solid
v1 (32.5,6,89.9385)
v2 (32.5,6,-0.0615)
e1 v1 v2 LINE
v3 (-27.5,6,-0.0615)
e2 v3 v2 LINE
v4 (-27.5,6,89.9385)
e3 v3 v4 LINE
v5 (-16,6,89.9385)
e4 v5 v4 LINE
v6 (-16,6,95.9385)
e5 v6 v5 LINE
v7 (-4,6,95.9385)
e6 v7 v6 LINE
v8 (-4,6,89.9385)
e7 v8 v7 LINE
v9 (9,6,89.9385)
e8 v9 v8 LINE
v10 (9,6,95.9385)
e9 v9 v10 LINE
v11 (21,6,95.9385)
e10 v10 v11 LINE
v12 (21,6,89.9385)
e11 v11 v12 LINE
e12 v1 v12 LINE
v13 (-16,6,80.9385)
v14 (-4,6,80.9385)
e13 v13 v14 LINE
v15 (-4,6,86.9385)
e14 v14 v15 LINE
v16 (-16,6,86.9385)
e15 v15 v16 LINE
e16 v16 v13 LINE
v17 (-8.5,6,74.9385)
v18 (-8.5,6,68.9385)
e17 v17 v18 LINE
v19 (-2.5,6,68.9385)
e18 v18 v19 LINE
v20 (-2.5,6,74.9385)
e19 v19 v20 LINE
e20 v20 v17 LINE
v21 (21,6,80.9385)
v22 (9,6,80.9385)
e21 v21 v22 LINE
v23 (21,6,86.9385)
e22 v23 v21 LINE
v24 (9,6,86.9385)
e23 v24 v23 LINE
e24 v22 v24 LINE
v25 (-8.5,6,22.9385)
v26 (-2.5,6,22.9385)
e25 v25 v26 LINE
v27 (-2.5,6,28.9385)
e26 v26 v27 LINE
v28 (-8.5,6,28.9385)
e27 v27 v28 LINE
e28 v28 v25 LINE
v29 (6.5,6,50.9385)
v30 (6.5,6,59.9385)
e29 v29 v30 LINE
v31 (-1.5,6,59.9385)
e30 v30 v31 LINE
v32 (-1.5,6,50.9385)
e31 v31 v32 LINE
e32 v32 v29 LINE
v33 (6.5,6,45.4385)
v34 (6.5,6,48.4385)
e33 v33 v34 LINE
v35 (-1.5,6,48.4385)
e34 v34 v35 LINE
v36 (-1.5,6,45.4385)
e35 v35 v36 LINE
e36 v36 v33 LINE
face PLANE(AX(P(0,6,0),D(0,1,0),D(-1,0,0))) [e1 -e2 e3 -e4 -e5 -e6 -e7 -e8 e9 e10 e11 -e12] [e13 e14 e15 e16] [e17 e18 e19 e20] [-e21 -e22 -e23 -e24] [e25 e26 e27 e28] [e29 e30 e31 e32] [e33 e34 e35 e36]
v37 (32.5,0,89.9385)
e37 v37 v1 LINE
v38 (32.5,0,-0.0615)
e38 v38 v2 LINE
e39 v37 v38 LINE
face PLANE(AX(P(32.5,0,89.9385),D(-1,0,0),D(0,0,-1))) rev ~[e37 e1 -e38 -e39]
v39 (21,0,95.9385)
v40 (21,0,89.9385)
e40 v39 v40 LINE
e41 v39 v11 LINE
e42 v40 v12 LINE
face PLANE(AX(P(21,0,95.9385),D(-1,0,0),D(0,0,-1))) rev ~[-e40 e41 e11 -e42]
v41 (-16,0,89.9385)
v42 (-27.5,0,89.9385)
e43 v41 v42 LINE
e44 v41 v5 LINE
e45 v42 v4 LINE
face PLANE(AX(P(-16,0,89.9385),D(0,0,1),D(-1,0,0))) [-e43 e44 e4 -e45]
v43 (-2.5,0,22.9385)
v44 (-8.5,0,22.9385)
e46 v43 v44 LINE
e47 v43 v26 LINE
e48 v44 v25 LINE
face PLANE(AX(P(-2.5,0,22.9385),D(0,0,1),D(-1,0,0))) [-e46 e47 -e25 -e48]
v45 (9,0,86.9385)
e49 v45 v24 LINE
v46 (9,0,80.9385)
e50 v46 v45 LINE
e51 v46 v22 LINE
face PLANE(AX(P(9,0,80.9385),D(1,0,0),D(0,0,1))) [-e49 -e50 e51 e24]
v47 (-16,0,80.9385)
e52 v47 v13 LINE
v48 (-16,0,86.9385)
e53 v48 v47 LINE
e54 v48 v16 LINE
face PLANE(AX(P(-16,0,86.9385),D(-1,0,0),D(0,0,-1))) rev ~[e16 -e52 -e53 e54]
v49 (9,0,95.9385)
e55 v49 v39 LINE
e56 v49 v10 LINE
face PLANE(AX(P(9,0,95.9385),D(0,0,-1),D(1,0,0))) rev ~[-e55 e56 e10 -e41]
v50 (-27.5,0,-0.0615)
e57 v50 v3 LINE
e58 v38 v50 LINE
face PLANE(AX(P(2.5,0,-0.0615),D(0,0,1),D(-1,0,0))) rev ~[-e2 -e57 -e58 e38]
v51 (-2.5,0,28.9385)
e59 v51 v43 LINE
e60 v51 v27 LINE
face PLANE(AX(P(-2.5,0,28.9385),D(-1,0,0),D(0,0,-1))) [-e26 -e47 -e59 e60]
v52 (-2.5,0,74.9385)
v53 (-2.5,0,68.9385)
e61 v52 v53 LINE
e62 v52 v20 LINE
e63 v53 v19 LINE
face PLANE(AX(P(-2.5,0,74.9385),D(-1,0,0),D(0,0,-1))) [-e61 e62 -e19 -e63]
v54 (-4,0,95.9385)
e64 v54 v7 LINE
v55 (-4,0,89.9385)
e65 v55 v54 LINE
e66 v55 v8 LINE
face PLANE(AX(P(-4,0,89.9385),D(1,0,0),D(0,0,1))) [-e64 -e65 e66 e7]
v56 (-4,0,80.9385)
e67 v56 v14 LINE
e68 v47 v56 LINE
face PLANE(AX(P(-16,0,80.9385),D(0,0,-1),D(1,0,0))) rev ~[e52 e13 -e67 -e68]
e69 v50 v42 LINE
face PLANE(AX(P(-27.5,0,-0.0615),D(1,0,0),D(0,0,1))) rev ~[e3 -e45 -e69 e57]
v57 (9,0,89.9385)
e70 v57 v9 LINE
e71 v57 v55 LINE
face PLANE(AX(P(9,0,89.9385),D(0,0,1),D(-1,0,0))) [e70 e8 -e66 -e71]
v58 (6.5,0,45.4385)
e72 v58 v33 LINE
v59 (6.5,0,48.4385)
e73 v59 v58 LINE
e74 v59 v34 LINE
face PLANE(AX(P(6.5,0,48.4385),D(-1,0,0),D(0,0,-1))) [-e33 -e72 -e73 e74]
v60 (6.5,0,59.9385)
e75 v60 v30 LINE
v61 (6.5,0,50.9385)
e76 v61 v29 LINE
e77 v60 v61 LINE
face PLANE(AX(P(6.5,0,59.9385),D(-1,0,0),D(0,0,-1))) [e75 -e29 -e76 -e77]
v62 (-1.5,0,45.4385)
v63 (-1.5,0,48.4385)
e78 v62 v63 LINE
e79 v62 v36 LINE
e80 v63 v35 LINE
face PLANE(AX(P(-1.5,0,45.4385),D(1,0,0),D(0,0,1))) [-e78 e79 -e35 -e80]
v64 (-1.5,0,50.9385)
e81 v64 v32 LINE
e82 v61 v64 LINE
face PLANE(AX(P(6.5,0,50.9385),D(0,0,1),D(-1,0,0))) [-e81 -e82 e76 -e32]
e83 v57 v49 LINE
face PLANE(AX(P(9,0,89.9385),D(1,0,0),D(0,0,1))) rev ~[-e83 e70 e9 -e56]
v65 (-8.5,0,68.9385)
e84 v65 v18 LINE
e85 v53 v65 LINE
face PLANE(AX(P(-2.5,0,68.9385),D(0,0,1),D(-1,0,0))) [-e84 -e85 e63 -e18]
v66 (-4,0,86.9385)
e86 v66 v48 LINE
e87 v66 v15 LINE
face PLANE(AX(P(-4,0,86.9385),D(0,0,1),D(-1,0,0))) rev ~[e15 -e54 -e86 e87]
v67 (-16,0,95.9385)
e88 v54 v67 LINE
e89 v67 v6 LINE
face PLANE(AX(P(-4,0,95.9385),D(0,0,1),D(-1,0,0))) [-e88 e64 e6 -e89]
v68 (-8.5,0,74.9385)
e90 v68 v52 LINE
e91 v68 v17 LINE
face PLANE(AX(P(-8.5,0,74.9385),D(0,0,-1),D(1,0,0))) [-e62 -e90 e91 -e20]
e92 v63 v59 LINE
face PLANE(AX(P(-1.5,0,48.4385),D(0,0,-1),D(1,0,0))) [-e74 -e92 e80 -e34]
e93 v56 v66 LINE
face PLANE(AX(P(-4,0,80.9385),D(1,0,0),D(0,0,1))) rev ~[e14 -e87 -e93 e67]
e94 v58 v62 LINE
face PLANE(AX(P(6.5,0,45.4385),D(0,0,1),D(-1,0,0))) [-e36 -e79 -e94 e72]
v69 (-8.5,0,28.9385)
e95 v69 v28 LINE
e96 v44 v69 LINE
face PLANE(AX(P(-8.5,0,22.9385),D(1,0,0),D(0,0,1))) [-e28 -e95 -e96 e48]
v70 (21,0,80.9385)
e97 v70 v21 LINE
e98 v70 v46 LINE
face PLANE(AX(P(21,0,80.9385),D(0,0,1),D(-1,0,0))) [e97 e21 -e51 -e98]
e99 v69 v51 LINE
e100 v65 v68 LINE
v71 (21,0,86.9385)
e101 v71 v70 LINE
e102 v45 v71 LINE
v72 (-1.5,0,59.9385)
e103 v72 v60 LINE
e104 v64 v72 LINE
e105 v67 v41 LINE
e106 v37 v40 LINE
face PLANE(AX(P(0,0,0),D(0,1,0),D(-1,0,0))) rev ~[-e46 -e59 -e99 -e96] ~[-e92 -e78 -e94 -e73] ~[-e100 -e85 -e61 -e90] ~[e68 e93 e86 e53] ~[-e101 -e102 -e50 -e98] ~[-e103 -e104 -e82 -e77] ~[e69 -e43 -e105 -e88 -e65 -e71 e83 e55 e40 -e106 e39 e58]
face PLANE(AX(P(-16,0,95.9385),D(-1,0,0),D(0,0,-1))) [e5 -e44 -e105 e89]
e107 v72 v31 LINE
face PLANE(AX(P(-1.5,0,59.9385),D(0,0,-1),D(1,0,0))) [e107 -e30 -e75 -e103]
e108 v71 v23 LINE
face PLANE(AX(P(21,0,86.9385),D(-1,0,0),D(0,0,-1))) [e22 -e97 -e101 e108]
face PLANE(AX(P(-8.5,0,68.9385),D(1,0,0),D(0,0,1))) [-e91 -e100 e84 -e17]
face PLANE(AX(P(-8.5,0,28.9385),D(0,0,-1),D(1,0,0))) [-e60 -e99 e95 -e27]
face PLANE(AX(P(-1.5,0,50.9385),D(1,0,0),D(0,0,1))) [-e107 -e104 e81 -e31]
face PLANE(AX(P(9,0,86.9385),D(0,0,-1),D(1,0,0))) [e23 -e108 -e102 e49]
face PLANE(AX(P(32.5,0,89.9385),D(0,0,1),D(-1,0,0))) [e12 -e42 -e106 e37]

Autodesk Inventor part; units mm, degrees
ref_plane "YZ Plane" through (0, 0, 0) normal (1, 0, 0) x (0, 1, 0)
ref_plane "XZ Plane" through (0, 0, 0) normal (0, 1, 0) x (-1, 0, 0)
ref_plane "XY Plane" through (0, 0, 0) normal (0, 0, 1) x (1, 0, 0)
sketch "Sketch1" plane through (0, 0, 0) normal (0, 1, 0) x (-1, 0, 0)
  line L0 (27.5, -0.0615) -> (27.5, 89.9385)
  line L1 (-32.5, 89.9385) -> (-32.5, -0.0615)
  line L2 (-32.5, -0.0615) -> (-2.5, -0.0615)
  line L3 (-2.5, -0.0615) -> (-2.5, 89.9385) construction
  line L4 (-32.5, 44.9385) -> (-2.5, 44.9385) construction
  line L5 (-32.5, 89.9385) -> (27.5, 89.9385)
  line L6 (-21, 89.9385) -> (-9, 89.9385)
  line L7 (-9, 89.9385) -> (-9, 95.9385)
  line L8 (-9, 95.9385) -> (-21, 95.9385)
  line L9 (-21, 95.9385) -> (-21, 89.9385)
  line L10 (16, 89.9385) -> (4, 89.9385)
  line L11 (4, 89.9385) -> (4, 95.9385)
  line L12 (4, 95.9385) -> (16, 95.9385)
  line L13 (16, 95.9385) -> (16, 89.9385)
  line L14 (-2.5, 44.9385) -> (27.5, 44.9385) construction
  line L15 (-2.5, -0.0615) -> (27.5, -0.0615)
  line L16 (-9, 86.9385) -> (-21, 86.9385)
  line L17 (-21, 86.9385) -> (-21, 80.9385)
  line L18 (-21, 80.9385) -> (-9, 80.9385)
  line L19 (-9, 80.9385) -> (-9, 86.9385)
  line L20 (-9, 86.9385) -> (-21, 80.9385) construction
  line L21 (-21, 86.9385) -> (-9, 80.9385) construction
  line L22 (4, 86.9385) -> (16, 86.9385)
  line L23 (16, 86.9385) -> (16, 80.9385)
  line L24 (16, 80.9385) -> (4, 80.9385)
  line L25 (4, 80.9385) -> (4, 86.9385)
  line L26 (4, 86.9385) -> (16, 80.9385) construction
  line L27 (16, 86.9385) -> (4, 80.9385) construction
  point P0 (-15, 83.9385)
  point P1 (10, 83.9385)
  dimension "d0" = 60
  dimension "d1" = 90
  dimension "d18" = 12
  dimension "d19" = 6
  dimension "d20" = 18.5
  dimension "d21" = 12
  dimension "d22" = 6
  dimension "d23" = 3
extrude "Extrusion1" add sketch "Sketch1" along normal blind 6
sketch "Sketch3" plane through (0, 0, 0) normal (0, 1, 0) x (-1, 0, 0)
  line L0 (4, 89.9385) -> (-9, 89.9385) construction
  line L1 (-2.5, 89.9385) -> (-2.5, -0.0615) construction
  line L2 (-32.5, -0.0615) -> (27.5, -0.0615) construction
  line L3 (8.5, 74.9385) -> (2.5, 74.9385)
  line L4 (2.5, 74.9385) -> (2.5, 68.9385)
  line L5 (2.5, 68.9385) -> (8.5, 68.9385)
  line L6 (8.5, 68.9385) -> (8.5, 74.9385)
  line L7 (8.5, 28.9385) -> (2.5, 28.9385)
  line L8 (2.5, 28.9385) -> (2.5, 22.9385)
  line L9 (2.5, 22.9385) -> (8.5, 22.9385)
  line L10 (8.5, 22.9385) -> (8.5, 28.9385)
  line L11 (1.5, 59.9385) -> (-6.5, 59.9385)
  line L12 (-6.5, 59.9385) -> (-6.5, 50.9385)
  line L13 (-6.5, 50.9385) -> (1.5, 50.9385)
  line L14 (1.5, 50.9385) -> (1.5, 59.9385)
  line L15 (1.5, 48.4385) -> (-6.5, 48.4385)
  line L16 (-6.5, 48.4385) -> (-6.5, 45.4385)
  line L17 (-6.5, 45.4385) -> (1.5, 45.4385)
  line L18 (1.5, 45.4385) -> (1.5, 48.4385)
  point P0 (0, 0)
  dimension "d37" = 6
  dimension "d38" = 6
  dimension "d39" = 6
  dimension "d43" = 15
  dimension "d44" = 40
  dimension "d45" = 5
  dimension "d46" = 8
  dimension "d47" = 9
  dimension "d48" = 30
  dimension "d49" = 1
  dimension "d50" = 3
  dimension "d51" = 2.5
extrude "Extrusion3" cut sketch "Sketch3" along normal through all
properties part number "thumper-bumper-sidewall2-v2"
